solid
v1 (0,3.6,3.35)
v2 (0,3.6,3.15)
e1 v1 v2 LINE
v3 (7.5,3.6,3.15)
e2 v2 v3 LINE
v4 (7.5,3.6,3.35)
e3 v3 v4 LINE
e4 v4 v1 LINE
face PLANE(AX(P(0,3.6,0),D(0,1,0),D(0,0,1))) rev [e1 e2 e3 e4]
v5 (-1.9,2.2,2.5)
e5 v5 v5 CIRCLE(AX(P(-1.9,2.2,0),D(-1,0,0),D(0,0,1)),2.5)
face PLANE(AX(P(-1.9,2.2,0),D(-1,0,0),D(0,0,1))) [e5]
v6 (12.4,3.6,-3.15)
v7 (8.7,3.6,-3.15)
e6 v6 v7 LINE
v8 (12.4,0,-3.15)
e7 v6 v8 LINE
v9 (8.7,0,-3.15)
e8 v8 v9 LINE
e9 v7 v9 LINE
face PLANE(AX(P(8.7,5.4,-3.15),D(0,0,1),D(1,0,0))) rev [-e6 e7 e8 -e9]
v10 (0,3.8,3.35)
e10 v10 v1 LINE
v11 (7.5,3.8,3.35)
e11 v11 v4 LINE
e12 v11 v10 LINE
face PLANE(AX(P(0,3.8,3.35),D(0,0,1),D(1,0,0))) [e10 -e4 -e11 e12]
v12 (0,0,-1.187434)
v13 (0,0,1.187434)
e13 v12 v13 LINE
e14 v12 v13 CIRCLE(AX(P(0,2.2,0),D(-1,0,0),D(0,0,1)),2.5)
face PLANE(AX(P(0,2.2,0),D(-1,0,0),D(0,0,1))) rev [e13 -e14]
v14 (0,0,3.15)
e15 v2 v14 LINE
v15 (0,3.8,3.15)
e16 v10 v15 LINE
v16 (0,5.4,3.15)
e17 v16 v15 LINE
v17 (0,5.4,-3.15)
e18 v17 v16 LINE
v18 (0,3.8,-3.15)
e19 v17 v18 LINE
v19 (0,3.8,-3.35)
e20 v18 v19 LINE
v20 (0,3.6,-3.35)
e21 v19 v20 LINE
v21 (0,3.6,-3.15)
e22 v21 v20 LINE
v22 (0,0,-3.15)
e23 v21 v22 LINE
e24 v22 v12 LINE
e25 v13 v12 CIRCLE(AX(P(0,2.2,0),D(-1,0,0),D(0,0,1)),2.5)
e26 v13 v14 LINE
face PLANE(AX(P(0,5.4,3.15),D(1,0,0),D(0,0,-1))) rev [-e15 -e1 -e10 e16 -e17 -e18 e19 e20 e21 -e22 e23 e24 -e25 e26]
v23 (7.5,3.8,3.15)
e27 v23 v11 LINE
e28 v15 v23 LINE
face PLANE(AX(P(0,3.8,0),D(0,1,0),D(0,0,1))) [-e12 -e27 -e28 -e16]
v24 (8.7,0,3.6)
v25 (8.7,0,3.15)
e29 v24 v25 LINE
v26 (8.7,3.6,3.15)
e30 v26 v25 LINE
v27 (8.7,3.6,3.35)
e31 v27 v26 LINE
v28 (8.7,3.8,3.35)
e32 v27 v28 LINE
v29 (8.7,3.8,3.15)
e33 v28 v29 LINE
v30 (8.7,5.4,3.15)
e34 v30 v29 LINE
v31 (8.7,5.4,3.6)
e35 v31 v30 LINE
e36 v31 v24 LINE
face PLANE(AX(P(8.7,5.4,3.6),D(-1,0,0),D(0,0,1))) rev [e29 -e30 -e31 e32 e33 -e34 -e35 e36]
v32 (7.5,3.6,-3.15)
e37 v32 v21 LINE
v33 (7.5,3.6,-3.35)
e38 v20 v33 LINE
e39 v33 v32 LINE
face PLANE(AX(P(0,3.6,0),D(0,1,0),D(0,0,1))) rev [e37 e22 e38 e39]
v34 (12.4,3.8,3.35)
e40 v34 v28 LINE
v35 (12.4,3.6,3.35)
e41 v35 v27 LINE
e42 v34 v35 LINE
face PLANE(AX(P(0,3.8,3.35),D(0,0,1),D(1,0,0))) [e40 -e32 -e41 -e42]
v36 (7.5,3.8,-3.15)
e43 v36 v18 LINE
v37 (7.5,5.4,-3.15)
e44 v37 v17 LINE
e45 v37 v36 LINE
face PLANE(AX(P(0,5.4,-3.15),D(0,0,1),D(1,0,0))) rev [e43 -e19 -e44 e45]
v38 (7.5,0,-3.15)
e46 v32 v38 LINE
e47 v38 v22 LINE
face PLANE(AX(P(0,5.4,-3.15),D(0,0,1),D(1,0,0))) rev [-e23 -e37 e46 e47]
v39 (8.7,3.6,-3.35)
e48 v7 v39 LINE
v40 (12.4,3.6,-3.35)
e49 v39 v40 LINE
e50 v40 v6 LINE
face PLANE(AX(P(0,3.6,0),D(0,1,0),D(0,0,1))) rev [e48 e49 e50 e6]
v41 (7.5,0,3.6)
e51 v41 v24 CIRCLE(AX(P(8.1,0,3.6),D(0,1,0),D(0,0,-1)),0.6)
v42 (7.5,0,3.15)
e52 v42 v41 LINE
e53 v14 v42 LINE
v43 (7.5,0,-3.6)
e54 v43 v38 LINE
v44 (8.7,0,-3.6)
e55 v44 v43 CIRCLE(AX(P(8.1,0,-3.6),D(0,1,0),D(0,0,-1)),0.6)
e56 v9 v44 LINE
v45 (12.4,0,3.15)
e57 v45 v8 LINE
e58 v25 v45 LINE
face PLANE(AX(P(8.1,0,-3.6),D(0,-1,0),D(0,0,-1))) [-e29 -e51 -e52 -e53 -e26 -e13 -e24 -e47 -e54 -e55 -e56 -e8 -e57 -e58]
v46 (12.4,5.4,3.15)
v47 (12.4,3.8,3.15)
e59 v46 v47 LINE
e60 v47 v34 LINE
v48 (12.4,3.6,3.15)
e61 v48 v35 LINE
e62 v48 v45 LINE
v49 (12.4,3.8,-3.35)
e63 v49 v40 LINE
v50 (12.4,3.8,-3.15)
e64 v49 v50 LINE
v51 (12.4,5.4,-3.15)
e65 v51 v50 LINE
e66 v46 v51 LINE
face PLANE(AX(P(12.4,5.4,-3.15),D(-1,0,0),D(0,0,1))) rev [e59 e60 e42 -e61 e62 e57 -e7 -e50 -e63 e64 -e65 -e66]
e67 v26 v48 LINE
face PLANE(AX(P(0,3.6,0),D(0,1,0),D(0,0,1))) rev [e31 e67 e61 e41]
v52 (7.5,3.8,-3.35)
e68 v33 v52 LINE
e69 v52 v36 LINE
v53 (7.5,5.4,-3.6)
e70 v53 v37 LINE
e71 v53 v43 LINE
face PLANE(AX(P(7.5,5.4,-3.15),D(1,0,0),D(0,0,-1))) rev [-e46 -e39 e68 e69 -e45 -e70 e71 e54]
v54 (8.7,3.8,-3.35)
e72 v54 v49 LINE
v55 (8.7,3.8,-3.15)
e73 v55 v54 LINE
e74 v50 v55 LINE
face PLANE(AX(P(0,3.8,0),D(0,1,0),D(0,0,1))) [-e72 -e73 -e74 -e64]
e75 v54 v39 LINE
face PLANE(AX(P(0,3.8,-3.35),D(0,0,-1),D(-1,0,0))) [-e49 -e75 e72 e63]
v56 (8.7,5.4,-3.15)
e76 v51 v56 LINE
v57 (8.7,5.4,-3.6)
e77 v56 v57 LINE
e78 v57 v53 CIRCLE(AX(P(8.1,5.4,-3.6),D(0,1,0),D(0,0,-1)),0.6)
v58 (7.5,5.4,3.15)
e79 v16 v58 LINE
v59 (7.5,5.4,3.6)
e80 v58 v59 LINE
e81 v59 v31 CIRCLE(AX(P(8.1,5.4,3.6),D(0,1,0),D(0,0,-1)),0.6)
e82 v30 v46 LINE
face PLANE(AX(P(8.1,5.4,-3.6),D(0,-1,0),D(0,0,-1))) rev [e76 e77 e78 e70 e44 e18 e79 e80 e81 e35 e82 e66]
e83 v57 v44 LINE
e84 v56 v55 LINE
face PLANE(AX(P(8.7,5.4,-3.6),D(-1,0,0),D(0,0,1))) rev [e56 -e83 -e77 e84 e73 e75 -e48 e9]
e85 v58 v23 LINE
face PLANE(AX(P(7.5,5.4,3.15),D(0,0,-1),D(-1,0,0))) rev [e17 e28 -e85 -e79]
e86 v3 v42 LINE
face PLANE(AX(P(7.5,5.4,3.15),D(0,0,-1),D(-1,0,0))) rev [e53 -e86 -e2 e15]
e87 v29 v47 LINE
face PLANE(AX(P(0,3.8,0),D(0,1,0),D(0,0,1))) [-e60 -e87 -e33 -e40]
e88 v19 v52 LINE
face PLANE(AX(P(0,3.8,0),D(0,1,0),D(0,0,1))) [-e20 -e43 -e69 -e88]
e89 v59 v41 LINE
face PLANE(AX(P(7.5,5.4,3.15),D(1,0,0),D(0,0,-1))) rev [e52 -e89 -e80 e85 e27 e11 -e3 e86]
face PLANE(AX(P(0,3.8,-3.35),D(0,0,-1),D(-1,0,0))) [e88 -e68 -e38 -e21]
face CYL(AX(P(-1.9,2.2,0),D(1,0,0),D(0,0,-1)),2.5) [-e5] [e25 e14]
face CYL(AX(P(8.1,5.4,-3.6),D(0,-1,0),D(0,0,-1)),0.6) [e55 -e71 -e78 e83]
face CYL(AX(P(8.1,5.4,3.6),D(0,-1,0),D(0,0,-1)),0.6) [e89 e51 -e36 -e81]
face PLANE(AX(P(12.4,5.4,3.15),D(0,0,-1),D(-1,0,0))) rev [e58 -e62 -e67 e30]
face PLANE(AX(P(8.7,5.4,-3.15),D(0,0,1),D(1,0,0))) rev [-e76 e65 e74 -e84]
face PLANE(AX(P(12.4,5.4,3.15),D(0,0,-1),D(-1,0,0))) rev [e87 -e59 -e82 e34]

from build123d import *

# Parameters (mm, degrees)
BOSS_EXTRUDE1_DEPTH = 5.4
SKETCH2_R           = 2.5
BOSS_EXTRUDE2_DEPTH = 1.9
SKETCH3_W           = 12.4
SKETCH3_H           = 6.7
BOSS_EXTRUDE3_DEPTH = 0.2


with BuildPart() as part:
    # Sketch1 → Boss-Extrude1 (new body)
    with BuildSketch(Plane(origin=(0, 0, 0), x_dir=(1, 0, 0), z_dir=(0, 1, 0))):
        with BuildLine():
            Line((0, -3.15), (0, 3.15))
            Line((0, 3.15), (7.5, 3.15))
            Line((7.5, 3.15), (7.5, 3.6))
            ThreePointArc((7.5, 3.6), (8.1, 4.2), (8.7, 3.6))
            Line((8.7, 3.6), (8.7, 3.15))
            Line((8.7, 3.15), (12.4, 3.15))
            Line((12.4, 3.15), (12.4, -3.15))
            Line((12.4, -3.15), (8.7, -3.15))
            Line((8.7, -3.15), (8.7, -3.6))
            ThreePointArc((8.7, -3.6), (8.1, -4.2), (7.5, -3.6))
            Line((7.5, -3.6), (7.5, -3.15))
            Line((7.5, -3.15), (0, -3.15))
        make_face()
    extrude(amount=BOSS_EXTRUDE1_DEPTH)

    # Sketch2 → Boss-Extrude2 (add)
    with BuildSketch(Plane.ZY):
        with Locations(Location((0, 2.2, 0), (0, 0, 241.642363424))):  # turned: the seam where the file's is
            Circle(SKETCH2_R)
    extrude(amount=BOSS_EXTRUDE2_DEPTH)

    # Sketch3 → Boss-Extrude3 (add)
    with BuildSketch(Plane(origin=(0, 3.6, 0), x_dir=(-1, 0, 0), z_dir=(0, -1, 0))):
        with Locations((-6.2, 0)):
            Rectangle(SKETCH3_W, SKETCH3_H)
    extrude(amount=-BOSS_EXTRUDE3_DEPTH)


solid = part.part
